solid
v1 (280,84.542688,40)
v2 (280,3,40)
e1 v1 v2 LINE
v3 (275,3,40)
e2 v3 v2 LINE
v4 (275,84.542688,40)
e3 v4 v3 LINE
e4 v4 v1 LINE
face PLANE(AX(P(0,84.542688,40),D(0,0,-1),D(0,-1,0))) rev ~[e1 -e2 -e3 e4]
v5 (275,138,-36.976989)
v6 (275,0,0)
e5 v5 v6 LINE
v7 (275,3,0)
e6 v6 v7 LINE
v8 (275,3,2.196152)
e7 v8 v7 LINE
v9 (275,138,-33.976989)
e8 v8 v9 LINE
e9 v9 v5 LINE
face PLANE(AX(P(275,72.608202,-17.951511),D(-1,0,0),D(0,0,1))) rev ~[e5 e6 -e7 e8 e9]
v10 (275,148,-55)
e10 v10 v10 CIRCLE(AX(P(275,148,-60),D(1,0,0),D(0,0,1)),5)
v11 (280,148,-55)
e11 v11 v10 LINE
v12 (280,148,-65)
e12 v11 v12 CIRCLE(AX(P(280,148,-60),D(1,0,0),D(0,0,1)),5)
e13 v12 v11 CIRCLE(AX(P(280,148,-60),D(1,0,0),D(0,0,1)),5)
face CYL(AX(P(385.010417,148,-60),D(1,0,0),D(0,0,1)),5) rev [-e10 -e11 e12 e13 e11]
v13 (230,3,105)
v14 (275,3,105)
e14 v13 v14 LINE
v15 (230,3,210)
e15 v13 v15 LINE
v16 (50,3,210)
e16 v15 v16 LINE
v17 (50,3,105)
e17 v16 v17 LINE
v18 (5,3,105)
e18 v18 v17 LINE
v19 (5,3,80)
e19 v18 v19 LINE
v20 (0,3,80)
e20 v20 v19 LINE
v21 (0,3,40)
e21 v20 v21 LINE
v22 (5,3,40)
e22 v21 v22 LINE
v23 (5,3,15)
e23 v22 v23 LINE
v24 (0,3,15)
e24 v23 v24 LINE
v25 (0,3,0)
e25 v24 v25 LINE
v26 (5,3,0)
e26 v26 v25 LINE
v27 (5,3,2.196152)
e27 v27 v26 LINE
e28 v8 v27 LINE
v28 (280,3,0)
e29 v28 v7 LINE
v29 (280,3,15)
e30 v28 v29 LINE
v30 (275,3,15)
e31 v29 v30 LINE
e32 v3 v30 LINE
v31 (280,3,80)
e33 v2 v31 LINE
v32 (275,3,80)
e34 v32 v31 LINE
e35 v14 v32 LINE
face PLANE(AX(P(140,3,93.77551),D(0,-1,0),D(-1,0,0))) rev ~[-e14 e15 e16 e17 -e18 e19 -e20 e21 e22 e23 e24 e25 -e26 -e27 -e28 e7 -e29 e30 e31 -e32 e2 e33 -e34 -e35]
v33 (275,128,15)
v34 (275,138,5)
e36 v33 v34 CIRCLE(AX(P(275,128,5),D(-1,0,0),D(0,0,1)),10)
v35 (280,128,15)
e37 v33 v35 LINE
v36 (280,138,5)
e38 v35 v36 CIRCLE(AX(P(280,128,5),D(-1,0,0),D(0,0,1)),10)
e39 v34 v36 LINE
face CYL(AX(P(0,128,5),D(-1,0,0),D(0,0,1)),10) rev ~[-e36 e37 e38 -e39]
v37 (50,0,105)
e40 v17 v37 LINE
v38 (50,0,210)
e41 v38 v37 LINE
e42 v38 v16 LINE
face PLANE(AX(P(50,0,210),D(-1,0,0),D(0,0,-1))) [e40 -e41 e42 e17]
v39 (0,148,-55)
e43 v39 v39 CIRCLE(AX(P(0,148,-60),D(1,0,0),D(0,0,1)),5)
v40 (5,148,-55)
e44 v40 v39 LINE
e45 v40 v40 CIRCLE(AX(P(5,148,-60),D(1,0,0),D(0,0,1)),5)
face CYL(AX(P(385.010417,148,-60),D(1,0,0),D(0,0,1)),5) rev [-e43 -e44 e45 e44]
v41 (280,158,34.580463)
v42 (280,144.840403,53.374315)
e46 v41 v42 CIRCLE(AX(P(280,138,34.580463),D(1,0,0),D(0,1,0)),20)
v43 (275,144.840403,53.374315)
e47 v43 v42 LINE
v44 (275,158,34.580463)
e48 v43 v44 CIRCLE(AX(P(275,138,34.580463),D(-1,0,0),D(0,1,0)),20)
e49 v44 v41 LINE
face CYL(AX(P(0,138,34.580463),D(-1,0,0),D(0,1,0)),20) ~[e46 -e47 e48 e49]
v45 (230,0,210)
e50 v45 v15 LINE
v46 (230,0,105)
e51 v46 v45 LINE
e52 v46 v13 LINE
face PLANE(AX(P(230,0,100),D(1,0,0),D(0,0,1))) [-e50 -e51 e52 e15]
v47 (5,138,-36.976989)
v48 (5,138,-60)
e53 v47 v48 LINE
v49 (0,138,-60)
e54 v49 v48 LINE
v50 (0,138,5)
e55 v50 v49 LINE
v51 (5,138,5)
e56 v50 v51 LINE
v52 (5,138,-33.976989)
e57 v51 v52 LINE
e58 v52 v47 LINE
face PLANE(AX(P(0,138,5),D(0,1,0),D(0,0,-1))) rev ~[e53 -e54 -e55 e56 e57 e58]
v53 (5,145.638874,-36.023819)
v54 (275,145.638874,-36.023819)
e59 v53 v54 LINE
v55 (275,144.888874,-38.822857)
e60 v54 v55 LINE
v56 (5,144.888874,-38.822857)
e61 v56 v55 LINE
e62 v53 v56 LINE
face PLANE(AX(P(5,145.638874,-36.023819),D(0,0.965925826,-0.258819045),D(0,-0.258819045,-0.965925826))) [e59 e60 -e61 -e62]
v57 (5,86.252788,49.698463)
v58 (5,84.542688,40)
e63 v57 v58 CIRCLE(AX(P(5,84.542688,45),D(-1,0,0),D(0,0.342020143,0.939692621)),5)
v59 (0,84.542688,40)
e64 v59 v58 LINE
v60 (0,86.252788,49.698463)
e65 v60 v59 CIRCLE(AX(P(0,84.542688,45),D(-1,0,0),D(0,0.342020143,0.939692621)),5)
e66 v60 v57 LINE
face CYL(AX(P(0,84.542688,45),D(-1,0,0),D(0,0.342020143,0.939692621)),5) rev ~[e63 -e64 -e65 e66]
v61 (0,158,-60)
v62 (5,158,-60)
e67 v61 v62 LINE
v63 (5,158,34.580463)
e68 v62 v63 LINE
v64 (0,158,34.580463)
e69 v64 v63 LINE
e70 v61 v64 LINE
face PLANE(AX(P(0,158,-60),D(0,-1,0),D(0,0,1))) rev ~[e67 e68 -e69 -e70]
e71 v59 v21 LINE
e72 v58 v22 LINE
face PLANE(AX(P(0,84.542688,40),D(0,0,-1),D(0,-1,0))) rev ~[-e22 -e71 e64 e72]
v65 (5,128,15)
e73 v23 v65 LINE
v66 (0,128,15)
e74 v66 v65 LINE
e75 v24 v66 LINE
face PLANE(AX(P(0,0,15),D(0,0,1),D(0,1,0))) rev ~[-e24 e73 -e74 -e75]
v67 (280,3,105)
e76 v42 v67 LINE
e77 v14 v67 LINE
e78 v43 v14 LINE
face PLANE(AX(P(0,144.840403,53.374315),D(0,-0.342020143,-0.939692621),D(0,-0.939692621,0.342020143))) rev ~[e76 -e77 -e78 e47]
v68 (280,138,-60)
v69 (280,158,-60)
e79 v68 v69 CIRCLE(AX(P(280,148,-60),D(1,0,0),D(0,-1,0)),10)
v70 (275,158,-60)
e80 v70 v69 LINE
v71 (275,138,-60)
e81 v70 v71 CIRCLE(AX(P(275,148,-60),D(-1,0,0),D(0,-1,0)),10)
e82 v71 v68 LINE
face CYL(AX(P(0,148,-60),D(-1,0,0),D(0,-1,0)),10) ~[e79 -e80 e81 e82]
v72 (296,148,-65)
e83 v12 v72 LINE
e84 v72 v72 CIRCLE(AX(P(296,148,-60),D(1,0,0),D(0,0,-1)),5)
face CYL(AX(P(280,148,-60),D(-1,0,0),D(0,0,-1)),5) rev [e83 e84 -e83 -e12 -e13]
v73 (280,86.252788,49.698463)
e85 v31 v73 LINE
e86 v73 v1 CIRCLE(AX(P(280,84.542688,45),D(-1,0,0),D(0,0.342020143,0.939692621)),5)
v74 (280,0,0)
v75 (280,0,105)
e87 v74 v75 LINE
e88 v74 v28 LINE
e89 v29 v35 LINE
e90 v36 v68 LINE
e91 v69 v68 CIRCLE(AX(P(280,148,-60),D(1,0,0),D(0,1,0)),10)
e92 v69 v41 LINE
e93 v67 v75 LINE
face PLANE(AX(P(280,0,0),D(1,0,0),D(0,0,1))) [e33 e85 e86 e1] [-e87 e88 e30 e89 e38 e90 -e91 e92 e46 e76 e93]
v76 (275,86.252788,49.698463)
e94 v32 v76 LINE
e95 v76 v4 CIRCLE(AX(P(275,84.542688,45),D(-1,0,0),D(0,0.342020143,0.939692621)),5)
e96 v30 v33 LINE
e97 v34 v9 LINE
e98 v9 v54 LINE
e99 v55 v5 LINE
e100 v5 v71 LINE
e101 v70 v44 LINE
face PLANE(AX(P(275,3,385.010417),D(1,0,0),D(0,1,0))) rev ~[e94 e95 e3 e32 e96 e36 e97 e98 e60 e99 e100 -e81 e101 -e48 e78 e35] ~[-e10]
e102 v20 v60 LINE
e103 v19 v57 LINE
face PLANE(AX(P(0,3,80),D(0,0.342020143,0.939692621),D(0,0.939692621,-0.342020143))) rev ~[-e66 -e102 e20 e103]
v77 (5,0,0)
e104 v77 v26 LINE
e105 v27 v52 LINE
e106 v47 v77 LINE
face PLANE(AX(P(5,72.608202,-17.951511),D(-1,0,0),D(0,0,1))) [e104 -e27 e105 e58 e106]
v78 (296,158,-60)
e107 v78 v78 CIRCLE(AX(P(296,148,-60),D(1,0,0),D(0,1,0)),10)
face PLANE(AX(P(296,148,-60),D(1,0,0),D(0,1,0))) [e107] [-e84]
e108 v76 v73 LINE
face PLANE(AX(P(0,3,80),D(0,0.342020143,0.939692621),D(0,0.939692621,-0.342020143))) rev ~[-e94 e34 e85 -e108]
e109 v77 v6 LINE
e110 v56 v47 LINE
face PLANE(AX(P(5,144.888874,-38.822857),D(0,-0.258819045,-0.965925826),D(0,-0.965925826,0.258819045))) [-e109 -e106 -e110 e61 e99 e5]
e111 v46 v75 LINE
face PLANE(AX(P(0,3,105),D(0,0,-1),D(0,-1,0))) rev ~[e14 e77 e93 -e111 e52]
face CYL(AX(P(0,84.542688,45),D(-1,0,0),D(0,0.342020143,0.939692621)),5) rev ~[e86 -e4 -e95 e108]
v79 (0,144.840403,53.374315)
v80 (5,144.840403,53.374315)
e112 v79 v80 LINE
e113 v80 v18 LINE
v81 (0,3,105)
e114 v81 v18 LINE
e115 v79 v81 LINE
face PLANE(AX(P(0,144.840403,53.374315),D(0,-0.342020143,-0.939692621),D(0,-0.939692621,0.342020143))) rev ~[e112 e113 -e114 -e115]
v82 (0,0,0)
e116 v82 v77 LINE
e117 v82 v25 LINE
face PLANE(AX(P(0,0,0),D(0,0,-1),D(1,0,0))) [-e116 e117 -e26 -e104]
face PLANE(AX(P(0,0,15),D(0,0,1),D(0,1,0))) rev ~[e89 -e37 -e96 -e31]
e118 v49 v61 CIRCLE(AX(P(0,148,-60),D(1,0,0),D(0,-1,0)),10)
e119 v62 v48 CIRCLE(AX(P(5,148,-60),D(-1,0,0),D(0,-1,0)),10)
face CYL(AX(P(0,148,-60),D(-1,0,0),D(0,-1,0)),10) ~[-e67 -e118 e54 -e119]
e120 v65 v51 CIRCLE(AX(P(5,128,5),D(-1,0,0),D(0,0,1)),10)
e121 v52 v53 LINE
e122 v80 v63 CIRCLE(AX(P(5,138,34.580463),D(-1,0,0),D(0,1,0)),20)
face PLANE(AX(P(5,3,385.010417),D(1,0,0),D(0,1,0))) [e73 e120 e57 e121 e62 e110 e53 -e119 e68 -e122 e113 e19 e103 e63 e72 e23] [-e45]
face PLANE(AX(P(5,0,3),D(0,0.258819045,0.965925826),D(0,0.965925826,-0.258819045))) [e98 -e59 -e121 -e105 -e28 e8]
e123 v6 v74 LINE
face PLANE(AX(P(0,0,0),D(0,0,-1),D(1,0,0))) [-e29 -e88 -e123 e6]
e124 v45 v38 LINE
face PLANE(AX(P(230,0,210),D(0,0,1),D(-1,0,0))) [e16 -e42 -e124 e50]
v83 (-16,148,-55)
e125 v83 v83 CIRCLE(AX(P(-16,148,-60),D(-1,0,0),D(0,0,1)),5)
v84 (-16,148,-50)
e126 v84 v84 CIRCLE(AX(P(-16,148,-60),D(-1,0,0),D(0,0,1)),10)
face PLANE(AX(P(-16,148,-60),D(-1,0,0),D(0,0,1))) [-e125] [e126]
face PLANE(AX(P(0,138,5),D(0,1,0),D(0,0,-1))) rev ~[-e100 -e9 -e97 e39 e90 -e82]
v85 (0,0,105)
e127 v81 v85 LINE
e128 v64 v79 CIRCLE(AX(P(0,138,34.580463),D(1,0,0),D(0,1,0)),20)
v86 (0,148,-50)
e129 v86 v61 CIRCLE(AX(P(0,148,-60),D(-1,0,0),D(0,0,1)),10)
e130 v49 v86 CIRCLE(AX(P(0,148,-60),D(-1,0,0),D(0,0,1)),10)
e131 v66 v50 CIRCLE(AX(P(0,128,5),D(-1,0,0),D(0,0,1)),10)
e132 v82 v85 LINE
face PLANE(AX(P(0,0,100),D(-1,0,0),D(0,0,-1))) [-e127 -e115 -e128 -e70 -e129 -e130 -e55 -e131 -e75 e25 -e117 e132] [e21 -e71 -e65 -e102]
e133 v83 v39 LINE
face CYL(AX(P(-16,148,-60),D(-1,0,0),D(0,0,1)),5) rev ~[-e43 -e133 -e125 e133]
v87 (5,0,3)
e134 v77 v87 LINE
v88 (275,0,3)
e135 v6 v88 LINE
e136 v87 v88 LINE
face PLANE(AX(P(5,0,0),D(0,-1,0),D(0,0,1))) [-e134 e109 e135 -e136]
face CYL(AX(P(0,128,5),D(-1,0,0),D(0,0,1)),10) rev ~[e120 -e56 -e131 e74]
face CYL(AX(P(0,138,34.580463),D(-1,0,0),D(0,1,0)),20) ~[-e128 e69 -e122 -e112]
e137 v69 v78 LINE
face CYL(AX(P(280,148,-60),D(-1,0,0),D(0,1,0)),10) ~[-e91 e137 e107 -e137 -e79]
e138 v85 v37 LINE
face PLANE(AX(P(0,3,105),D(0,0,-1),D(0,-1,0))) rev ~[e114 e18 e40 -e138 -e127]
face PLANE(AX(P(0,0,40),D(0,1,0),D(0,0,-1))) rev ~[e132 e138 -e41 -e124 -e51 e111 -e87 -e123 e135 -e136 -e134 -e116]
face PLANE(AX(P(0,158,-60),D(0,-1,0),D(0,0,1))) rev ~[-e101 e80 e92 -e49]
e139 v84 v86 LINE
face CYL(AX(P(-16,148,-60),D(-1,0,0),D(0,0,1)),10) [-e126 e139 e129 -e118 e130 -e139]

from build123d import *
from build123d.topology import SkipClean

# Parameters (mm, degrees)
BOSS_EXTRUDE1_DEPTH     = 3
BOSS_EXTRUDE2_DEPTH     = 280
CUT_EXTRUDE2_DEPTH      = 385.010416525
CUT_EXTRUDE2_DEPTH_BACK = 385.010416525
SKETCH3_W               = 270
SKETCH3_H               = 200
CUT_EXTRUDE3_DEPTH      = 385.010416525
CUT_EXTRUDE3_DEPTH_BACK = 385.010416525
SKETCH4_R               = 5
BOSS_EXTRUDE3_START     = 16
SKETCH5_R               = 10
SKETCH5_R_2             = 5
BOSS_EXTRUDE3_DEPTH     = 16
SKETCH6_R               = 10
SKETCH6_R_2             = 5
BOSS_EXTRUDE4_DEPTH     = 16
BOSS_EXTRUDE5_DEPTH     = 270


with BuildPart() as part:
    # Sketch1 → Boss-Extrude1 (new body)
    with BuildSketch(Plane(origin=(0, 0, 0), x_dir=(1, 0, 0), z_dir=(0, 1, 0))):
        Polygon((0, 0), (280, 0), (280, -100), (230, -100), (230, -210), (50, -210), (50, -100), (0, -100), align=None)
    extrude(amount=BOSS_EXTRUDE1_DEPTH)

    # Sketch2 → Boss-Extrude2 (add, through all)
    with BuildSketch(Plane.ZY):
        with BuildLine():
            Line((15, 0), (15, 3))
            Line((15, 3), (15, 128))
            ThreePointArc((15, 128), (12.071067812, 135.071067812), (5, 138))
            Line((5, 138), (-60, 138))
            ThreePointArc((-60, 138), (-70, 148), (-60, 158))
            Line((-60, 158), (34.580462925, 158))
            ThreePointArc((34.580462925, 158), (46.051991652, 154.383040886), (53.37431534, 144.840402867))
            Line((53.37431534, 144.840402867), (105, 3))
            Line((105, 3), (105, 0))
            Line((105, 0), (80, 0))
            Line((80, 0), (80, 3))
            Line((80, 3), (49.698463104, 86.252788397))
            ThreePointArc((49.698463104, 86.252788397), (44.131759112, 89.466726445), (40, 84.54268768))
            Line((40, 84.54268768), (40, 3))
            Line((40, 3), (40, 0))
            Line((40, 0), (15, 0))
        make_face()
    extrude(amount=-BOSS_EXTRUDE2_DEPTH)

    # Sketch3 → Cut-Extrude2 (cut, two sides: drawn at the far end of the back side and taken through both)
    with BuildSketch(Plane(origin=(0, 0, 0), x_dir=(-1, 0, 0), z_dir=(0, 0, -1)).offset(-CUT_EXTRUDE2_DEPTH_BACK)):
        with Locations((-140, 103)):
            Rectangle(SKETCH3_W, SKETCH3_H)
    extrude(amount=CUT_EXTRUDE2_DEPTH + CUT_EXTRUDE2_DEPTH_BACK, mode=Mode.SUBTRACT)

    # Sketch4 → Cut-Extrude3 (cut, two sides: drawn at the far end of the back side and taken through both)
    with BuildSketch(Plane.ZY.offset(-CUT_EXTRUDE3_DEPTH_BACK)):
        with Locations((-60, 148)):
            Circle(SKETCH4_R)
    extrude(amount=CUT_EXTRUDE3_DEPTH + CUT_EXTRUDE3_DEPTH_BACK, mode=Mode.SUBTRACT)

    # Sketch5 → Boss-Extrude3 (add)
    with SkipClean():  # the faces are left unmerged after this step: merging them gives an invalid solid
        with BuildSketch(Plane.ZY.offset(BOSS_EXTRUDE3_START)):
            with Locations((-60, 148)):
                Circle(SKETCH5_R)
            with Locations((-60, 148)):
                Circle(SKETCH5_R_2, mode=Mode.SUBTRACT)
        extrude(amount=-BOSS_EXTRUDE3_DEPTH)

    # Sketch6 → Boss-Extrude4 (add)
    with SkipClean():  # the faces are left unmerged after this step: merging them gives an invalid solid
        with BuildSketch(Plane(origin=(280, 0, 0), x_dir=(0, 0, -1), z_dir=(1, 0, 0))):
            with Locations(Location((60, 148, 0), (0, 0, 90))):
                Circle(SKETCH6_R)
            with Locations((60, 148)):
                Circle(SKETCH6_R_2, mode=Mode.SUBTRACT)
        extrude(amount=BOSS_EXTRUDE4_DEPTH)

    # Sketch7 → Boss-Extrude5 (add)
    with SkipClean():  # the faces are left unmerged after this step: merging them gives an invalid solid
        with BuildSketch(Plane(origin=(5, 0, 0), x_dir=(0, 0, -1), z_dir=(1, 0, 0))):
            Polygon((0, 0), (-3, 0), (36.02381866, 145.638873943), (38.822856765, 144.888873943), align=None)
        extrude(amount=BOSS_EXTRUDE5_DEPTH)


solid = part.part
